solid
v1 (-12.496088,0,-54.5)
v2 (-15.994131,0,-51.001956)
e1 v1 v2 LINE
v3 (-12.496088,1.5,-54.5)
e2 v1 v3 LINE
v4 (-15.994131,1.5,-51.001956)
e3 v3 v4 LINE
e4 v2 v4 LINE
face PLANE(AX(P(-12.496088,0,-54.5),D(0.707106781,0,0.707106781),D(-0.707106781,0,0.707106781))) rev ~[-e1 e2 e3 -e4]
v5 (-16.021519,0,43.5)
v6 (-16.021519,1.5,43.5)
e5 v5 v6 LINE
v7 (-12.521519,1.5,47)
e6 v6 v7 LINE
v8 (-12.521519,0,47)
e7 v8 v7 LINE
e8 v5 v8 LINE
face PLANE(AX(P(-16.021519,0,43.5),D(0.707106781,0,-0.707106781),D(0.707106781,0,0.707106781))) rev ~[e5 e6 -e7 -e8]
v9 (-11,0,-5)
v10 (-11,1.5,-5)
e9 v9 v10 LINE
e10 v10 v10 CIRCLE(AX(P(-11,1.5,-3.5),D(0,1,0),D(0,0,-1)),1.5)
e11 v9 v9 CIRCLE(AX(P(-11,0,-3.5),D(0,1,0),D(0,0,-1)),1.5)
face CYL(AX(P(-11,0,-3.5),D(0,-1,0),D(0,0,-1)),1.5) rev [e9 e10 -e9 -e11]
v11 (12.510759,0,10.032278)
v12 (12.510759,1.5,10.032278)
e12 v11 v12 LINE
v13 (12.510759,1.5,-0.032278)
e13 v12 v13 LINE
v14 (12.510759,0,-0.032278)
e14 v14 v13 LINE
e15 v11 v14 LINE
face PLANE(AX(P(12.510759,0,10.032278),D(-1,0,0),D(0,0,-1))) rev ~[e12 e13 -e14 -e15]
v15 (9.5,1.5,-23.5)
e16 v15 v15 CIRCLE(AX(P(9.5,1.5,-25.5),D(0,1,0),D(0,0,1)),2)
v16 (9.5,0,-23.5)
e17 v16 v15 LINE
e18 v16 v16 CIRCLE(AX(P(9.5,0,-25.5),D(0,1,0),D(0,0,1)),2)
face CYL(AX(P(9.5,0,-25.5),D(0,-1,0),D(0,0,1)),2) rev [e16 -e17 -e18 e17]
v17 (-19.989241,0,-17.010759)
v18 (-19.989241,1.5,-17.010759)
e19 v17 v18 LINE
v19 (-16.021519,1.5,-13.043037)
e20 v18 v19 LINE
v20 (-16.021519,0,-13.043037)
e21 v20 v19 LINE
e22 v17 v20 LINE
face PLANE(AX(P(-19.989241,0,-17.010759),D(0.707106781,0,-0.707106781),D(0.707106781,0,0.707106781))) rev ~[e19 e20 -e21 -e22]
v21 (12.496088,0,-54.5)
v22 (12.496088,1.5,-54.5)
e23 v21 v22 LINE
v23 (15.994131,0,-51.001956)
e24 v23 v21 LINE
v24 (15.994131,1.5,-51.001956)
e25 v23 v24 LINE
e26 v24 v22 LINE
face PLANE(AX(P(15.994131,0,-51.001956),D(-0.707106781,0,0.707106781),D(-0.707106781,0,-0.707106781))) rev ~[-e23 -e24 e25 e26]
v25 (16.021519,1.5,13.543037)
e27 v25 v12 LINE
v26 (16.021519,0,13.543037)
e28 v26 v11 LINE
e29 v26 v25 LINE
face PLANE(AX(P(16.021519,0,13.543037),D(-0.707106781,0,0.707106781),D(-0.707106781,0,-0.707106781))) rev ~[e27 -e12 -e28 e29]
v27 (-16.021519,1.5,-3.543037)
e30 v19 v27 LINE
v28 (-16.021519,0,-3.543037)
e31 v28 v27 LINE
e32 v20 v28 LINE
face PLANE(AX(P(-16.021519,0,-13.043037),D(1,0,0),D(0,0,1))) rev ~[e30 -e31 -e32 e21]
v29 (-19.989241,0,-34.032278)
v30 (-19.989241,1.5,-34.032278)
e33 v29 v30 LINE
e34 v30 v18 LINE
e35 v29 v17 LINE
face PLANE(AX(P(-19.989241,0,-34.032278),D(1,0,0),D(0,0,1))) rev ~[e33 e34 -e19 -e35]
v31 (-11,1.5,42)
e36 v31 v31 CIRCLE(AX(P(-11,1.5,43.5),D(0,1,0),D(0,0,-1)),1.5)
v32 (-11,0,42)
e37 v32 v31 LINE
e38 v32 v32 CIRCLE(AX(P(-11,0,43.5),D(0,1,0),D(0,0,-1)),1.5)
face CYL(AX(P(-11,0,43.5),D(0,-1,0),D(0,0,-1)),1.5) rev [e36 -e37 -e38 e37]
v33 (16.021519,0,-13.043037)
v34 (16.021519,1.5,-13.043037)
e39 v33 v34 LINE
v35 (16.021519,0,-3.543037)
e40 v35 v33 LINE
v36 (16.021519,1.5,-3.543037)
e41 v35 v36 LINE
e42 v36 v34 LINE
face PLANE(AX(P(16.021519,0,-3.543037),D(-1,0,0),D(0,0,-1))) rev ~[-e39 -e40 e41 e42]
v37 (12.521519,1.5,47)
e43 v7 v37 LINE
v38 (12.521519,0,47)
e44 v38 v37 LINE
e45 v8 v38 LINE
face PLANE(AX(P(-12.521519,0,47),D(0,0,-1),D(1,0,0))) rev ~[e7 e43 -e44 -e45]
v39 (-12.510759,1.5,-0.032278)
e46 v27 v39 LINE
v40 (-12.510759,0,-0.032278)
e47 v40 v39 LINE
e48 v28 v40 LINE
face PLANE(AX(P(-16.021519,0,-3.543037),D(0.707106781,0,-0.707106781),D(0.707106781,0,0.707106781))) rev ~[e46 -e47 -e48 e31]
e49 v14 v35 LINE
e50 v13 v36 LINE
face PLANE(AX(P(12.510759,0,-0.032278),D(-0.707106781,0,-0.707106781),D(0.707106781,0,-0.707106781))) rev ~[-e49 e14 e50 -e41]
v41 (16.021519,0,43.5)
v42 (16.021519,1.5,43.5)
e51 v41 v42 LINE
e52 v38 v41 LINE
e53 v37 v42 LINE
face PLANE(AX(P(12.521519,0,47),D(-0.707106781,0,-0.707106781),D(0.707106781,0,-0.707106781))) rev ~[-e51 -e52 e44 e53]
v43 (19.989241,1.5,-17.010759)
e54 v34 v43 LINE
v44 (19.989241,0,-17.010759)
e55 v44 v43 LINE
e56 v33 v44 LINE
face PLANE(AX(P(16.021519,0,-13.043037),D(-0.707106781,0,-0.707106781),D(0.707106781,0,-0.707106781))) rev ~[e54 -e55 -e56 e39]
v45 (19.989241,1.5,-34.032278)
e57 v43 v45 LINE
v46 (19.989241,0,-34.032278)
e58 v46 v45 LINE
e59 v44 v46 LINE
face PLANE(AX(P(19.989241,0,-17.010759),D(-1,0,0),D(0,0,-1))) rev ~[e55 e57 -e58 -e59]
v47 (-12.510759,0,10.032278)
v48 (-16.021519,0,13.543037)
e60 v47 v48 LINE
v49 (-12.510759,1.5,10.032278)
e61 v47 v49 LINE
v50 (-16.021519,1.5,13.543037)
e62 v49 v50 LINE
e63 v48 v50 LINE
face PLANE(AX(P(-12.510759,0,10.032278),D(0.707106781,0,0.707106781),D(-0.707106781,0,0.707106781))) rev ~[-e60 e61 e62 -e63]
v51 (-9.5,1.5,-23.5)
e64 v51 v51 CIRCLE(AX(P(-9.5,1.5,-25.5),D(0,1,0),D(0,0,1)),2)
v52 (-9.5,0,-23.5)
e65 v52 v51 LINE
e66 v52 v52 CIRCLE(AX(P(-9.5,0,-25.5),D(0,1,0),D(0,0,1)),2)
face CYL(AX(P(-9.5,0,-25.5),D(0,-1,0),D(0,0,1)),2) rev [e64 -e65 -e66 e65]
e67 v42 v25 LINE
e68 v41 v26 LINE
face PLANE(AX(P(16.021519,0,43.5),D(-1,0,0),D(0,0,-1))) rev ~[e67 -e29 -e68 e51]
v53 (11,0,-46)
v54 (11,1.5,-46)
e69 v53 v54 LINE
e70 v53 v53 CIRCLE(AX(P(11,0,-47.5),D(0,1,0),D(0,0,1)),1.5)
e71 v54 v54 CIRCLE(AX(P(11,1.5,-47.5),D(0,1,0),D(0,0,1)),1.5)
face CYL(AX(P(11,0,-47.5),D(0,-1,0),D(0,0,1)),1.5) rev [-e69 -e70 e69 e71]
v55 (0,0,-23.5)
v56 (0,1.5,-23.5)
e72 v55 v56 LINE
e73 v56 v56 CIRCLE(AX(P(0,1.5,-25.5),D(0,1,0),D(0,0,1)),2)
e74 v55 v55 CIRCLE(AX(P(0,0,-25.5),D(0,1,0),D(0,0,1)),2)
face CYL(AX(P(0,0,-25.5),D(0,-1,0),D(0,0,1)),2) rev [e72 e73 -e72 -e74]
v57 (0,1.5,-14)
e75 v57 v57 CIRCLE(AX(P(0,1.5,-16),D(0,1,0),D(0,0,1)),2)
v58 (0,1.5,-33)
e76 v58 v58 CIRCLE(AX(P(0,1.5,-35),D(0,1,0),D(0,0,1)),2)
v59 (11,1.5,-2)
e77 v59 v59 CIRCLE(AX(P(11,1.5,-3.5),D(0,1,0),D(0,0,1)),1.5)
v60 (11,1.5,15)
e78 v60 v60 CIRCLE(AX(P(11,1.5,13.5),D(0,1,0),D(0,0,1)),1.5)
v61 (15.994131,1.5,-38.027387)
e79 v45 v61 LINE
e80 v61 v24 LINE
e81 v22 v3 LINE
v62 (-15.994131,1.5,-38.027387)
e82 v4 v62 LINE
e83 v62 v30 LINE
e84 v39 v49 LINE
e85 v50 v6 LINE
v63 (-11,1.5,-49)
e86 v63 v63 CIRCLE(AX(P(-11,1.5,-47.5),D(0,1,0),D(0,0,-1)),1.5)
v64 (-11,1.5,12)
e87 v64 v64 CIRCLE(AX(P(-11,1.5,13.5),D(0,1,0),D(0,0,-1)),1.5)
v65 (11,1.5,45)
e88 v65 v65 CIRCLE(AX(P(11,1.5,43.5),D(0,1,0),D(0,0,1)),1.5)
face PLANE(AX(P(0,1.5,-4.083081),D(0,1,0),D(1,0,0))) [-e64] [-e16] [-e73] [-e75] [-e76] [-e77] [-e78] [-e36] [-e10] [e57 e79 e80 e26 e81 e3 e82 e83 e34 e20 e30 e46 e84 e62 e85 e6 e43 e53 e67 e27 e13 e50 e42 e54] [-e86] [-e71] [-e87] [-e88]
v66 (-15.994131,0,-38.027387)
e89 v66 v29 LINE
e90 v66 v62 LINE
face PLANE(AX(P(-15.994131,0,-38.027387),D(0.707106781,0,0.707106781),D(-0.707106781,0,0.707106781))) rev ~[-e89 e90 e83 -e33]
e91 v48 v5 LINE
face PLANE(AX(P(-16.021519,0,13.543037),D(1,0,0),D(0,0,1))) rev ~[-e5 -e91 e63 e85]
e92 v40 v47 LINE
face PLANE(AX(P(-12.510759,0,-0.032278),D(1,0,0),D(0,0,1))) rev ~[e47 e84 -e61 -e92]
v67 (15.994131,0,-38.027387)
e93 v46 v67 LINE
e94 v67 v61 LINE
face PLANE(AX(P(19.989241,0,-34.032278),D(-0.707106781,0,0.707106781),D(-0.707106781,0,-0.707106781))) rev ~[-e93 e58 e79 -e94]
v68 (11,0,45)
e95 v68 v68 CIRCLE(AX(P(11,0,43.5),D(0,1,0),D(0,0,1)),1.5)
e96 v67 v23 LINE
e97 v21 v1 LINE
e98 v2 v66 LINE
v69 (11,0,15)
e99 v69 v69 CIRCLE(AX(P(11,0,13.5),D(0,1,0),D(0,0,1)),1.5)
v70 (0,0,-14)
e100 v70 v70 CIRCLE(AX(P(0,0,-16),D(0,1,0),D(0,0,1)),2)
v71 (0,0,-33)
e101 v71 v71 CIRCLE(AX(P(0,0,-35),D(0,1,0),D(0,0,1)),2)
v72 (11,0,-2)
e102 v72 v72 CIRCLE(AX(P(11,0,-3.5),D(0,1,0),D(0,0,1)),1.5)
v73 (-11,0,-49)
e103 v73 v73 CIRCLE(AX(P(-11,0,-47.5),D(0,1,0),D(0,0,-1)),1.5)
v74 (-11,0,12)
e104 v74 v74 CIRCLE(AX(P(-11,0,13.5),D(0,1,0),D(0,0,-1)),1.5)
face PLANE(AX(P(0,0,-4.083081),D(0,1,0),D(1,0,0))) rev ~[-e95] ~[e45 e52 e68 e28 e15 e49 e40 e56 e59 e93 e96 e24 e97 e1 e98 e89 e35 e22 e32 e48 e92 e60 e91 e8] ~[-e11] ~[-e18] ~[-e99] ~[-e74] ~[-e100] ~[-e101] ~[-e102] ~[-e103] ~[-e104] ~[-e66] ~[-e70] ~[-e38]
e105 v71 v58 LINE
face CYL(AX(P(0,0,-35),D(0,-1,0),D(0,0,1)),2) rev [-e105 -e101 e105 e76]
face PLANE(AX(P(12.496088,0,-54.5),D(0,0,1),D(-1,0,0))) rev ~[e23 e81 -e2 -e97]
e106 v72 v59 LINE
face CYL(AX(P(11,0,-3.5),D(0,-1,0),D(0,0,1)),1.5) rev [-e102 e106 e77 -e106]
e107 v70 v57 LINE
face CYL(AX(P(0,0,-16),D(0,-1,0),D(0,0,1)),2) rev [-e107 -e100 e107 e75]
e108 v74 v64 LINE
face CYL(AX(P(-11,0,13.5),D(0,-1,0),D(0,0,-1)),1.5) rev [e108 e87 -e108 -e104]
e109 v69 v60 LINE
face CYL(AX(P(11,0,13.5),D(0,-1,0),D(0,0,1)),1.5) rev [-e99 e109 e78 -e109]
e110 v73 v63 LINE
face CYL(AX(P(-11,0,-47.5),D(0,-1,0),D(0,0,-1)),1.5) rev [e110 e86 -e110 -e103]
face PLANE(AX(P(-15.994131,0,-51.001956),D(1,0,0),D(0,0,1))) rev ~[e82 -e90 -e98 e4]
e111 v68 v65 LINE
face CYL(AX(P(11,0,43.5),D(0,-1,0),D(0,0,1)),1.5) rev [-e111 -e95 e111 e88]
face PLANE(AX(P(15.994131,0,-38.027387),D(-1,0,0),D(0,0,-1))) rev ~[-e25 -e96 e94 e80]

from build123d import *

# Parameters (mm, degrees)
SKETCH_1_R      = 2
SKETCH_1_R_2    = 1.5
EXTRUDE_1_DEPTH = 1.5


with BuildPart() as part:
    # 草图1 → 凸台-拉伸1 (new body)
    with BuildSketch(Plane(origin=(0, 0, 0), x_dir=(1, 0, 0), z_dir=(0, 1, 0))):
        Polygon((19.989240701, 17.010759299), (19.989240701, 34.032277896), (15.994131292, 38.027387305), (15.994131292, 51.001956236), (12.496087528, 54.5), (-12.496087528, 54.5), (-15.994131292, 51.001956236), (-15.994131292, 38.027387305), (-19.989240701, 34.032277896), (-19.989240701, 17.010759299), (-16.021518597, 13.043037194), (-16.021518597, 3.543037194), (-12.510759299, 0.032277896), (-12.510759299, -10.032277896), (-16.021518597, -13.543037194), (-16.021518597, -43.5), (-12.521518597, -47), (12.521518597, -47), (16.021518597, -43.5), (16.021518597, -13.543037194), (12.510759299, -10.032277896), (12.510759299, 0.032277896), (16.021518597, 3.543037194), (16.021518597, 13.043037194), align=None)
        with Locations(Location((0, 25.5, 0), (0, 0, 270))):
            Circle(SKETCH_1_R, mode=Mode.SUBTRACT)
        with Locations(Location((9.5, 25.5, 0), (0, 0, 270))):
            Circle(SKETCH_1_R, mode=Mode.SUBTRACT)
        with Locations(Location((11, 3.5, 0), (0, 0, 270))):
            Circle(SKETCH_1_R_2, mode=Mode.SUBTRACT)
        with Locations(Location((11, 47.5, 0), (0, 0, 270))):
            Circle(SKETCH_1_R_2, mode=Mode.SUBTRACT)
        with Locations(Location((-11, 47.5, 0), (0, 0, 90))):
            Circle(SKETCH_1_R_2, mode=Mode.SUBTRACT)
        with Locations(Location((-11, 3.5, 0), (0, 0, 90))):
            Circle(SKETCH_1_R_2, mode=Mode.SUBTRACT)
        with Locations(Location((11, -13.5, 0), (0, 0, 270))):
            Circle(SKETCH_1_R_2, mode=Mode.SUBTRACT)
        with Locations(Location((11, -43.5, 0), (0, 0, 270))):
            Circle(SKETCH_1_R_2, mode=Mode.SUBTRACT)
        with Locations(Location((-11, -13.5, 0), (0, 0, 90))):
            Circle(SKETCH_1_R_2, mode=Mode.SUBTRACT)
        with Locations(Location((-11, -43.5, 0), (0, 0, 90))):
            Circle(SKETCH_1_R_2, mode=Mode.SUBTRACT)
        with Locations(Location((0, 16, 0), (0, 0, 270))):
            Circle(SKETCH_1_R, mode=Mode.SUBTRACT)
        with Locations(Location((-9.5, 25.5, 0), (0, 0, 270))):
            Circle(SKETCH_1_R, mode=Mode.SUBTRACT)
        with Locations(Location((0, 35, 0), (0, 0, 270))):
            Circle(SKETCH_1_R, mode=Mode.SUBTRACT)
    extrude(amount=EXTRUDE_1_DEPTH)


solid = part.part
